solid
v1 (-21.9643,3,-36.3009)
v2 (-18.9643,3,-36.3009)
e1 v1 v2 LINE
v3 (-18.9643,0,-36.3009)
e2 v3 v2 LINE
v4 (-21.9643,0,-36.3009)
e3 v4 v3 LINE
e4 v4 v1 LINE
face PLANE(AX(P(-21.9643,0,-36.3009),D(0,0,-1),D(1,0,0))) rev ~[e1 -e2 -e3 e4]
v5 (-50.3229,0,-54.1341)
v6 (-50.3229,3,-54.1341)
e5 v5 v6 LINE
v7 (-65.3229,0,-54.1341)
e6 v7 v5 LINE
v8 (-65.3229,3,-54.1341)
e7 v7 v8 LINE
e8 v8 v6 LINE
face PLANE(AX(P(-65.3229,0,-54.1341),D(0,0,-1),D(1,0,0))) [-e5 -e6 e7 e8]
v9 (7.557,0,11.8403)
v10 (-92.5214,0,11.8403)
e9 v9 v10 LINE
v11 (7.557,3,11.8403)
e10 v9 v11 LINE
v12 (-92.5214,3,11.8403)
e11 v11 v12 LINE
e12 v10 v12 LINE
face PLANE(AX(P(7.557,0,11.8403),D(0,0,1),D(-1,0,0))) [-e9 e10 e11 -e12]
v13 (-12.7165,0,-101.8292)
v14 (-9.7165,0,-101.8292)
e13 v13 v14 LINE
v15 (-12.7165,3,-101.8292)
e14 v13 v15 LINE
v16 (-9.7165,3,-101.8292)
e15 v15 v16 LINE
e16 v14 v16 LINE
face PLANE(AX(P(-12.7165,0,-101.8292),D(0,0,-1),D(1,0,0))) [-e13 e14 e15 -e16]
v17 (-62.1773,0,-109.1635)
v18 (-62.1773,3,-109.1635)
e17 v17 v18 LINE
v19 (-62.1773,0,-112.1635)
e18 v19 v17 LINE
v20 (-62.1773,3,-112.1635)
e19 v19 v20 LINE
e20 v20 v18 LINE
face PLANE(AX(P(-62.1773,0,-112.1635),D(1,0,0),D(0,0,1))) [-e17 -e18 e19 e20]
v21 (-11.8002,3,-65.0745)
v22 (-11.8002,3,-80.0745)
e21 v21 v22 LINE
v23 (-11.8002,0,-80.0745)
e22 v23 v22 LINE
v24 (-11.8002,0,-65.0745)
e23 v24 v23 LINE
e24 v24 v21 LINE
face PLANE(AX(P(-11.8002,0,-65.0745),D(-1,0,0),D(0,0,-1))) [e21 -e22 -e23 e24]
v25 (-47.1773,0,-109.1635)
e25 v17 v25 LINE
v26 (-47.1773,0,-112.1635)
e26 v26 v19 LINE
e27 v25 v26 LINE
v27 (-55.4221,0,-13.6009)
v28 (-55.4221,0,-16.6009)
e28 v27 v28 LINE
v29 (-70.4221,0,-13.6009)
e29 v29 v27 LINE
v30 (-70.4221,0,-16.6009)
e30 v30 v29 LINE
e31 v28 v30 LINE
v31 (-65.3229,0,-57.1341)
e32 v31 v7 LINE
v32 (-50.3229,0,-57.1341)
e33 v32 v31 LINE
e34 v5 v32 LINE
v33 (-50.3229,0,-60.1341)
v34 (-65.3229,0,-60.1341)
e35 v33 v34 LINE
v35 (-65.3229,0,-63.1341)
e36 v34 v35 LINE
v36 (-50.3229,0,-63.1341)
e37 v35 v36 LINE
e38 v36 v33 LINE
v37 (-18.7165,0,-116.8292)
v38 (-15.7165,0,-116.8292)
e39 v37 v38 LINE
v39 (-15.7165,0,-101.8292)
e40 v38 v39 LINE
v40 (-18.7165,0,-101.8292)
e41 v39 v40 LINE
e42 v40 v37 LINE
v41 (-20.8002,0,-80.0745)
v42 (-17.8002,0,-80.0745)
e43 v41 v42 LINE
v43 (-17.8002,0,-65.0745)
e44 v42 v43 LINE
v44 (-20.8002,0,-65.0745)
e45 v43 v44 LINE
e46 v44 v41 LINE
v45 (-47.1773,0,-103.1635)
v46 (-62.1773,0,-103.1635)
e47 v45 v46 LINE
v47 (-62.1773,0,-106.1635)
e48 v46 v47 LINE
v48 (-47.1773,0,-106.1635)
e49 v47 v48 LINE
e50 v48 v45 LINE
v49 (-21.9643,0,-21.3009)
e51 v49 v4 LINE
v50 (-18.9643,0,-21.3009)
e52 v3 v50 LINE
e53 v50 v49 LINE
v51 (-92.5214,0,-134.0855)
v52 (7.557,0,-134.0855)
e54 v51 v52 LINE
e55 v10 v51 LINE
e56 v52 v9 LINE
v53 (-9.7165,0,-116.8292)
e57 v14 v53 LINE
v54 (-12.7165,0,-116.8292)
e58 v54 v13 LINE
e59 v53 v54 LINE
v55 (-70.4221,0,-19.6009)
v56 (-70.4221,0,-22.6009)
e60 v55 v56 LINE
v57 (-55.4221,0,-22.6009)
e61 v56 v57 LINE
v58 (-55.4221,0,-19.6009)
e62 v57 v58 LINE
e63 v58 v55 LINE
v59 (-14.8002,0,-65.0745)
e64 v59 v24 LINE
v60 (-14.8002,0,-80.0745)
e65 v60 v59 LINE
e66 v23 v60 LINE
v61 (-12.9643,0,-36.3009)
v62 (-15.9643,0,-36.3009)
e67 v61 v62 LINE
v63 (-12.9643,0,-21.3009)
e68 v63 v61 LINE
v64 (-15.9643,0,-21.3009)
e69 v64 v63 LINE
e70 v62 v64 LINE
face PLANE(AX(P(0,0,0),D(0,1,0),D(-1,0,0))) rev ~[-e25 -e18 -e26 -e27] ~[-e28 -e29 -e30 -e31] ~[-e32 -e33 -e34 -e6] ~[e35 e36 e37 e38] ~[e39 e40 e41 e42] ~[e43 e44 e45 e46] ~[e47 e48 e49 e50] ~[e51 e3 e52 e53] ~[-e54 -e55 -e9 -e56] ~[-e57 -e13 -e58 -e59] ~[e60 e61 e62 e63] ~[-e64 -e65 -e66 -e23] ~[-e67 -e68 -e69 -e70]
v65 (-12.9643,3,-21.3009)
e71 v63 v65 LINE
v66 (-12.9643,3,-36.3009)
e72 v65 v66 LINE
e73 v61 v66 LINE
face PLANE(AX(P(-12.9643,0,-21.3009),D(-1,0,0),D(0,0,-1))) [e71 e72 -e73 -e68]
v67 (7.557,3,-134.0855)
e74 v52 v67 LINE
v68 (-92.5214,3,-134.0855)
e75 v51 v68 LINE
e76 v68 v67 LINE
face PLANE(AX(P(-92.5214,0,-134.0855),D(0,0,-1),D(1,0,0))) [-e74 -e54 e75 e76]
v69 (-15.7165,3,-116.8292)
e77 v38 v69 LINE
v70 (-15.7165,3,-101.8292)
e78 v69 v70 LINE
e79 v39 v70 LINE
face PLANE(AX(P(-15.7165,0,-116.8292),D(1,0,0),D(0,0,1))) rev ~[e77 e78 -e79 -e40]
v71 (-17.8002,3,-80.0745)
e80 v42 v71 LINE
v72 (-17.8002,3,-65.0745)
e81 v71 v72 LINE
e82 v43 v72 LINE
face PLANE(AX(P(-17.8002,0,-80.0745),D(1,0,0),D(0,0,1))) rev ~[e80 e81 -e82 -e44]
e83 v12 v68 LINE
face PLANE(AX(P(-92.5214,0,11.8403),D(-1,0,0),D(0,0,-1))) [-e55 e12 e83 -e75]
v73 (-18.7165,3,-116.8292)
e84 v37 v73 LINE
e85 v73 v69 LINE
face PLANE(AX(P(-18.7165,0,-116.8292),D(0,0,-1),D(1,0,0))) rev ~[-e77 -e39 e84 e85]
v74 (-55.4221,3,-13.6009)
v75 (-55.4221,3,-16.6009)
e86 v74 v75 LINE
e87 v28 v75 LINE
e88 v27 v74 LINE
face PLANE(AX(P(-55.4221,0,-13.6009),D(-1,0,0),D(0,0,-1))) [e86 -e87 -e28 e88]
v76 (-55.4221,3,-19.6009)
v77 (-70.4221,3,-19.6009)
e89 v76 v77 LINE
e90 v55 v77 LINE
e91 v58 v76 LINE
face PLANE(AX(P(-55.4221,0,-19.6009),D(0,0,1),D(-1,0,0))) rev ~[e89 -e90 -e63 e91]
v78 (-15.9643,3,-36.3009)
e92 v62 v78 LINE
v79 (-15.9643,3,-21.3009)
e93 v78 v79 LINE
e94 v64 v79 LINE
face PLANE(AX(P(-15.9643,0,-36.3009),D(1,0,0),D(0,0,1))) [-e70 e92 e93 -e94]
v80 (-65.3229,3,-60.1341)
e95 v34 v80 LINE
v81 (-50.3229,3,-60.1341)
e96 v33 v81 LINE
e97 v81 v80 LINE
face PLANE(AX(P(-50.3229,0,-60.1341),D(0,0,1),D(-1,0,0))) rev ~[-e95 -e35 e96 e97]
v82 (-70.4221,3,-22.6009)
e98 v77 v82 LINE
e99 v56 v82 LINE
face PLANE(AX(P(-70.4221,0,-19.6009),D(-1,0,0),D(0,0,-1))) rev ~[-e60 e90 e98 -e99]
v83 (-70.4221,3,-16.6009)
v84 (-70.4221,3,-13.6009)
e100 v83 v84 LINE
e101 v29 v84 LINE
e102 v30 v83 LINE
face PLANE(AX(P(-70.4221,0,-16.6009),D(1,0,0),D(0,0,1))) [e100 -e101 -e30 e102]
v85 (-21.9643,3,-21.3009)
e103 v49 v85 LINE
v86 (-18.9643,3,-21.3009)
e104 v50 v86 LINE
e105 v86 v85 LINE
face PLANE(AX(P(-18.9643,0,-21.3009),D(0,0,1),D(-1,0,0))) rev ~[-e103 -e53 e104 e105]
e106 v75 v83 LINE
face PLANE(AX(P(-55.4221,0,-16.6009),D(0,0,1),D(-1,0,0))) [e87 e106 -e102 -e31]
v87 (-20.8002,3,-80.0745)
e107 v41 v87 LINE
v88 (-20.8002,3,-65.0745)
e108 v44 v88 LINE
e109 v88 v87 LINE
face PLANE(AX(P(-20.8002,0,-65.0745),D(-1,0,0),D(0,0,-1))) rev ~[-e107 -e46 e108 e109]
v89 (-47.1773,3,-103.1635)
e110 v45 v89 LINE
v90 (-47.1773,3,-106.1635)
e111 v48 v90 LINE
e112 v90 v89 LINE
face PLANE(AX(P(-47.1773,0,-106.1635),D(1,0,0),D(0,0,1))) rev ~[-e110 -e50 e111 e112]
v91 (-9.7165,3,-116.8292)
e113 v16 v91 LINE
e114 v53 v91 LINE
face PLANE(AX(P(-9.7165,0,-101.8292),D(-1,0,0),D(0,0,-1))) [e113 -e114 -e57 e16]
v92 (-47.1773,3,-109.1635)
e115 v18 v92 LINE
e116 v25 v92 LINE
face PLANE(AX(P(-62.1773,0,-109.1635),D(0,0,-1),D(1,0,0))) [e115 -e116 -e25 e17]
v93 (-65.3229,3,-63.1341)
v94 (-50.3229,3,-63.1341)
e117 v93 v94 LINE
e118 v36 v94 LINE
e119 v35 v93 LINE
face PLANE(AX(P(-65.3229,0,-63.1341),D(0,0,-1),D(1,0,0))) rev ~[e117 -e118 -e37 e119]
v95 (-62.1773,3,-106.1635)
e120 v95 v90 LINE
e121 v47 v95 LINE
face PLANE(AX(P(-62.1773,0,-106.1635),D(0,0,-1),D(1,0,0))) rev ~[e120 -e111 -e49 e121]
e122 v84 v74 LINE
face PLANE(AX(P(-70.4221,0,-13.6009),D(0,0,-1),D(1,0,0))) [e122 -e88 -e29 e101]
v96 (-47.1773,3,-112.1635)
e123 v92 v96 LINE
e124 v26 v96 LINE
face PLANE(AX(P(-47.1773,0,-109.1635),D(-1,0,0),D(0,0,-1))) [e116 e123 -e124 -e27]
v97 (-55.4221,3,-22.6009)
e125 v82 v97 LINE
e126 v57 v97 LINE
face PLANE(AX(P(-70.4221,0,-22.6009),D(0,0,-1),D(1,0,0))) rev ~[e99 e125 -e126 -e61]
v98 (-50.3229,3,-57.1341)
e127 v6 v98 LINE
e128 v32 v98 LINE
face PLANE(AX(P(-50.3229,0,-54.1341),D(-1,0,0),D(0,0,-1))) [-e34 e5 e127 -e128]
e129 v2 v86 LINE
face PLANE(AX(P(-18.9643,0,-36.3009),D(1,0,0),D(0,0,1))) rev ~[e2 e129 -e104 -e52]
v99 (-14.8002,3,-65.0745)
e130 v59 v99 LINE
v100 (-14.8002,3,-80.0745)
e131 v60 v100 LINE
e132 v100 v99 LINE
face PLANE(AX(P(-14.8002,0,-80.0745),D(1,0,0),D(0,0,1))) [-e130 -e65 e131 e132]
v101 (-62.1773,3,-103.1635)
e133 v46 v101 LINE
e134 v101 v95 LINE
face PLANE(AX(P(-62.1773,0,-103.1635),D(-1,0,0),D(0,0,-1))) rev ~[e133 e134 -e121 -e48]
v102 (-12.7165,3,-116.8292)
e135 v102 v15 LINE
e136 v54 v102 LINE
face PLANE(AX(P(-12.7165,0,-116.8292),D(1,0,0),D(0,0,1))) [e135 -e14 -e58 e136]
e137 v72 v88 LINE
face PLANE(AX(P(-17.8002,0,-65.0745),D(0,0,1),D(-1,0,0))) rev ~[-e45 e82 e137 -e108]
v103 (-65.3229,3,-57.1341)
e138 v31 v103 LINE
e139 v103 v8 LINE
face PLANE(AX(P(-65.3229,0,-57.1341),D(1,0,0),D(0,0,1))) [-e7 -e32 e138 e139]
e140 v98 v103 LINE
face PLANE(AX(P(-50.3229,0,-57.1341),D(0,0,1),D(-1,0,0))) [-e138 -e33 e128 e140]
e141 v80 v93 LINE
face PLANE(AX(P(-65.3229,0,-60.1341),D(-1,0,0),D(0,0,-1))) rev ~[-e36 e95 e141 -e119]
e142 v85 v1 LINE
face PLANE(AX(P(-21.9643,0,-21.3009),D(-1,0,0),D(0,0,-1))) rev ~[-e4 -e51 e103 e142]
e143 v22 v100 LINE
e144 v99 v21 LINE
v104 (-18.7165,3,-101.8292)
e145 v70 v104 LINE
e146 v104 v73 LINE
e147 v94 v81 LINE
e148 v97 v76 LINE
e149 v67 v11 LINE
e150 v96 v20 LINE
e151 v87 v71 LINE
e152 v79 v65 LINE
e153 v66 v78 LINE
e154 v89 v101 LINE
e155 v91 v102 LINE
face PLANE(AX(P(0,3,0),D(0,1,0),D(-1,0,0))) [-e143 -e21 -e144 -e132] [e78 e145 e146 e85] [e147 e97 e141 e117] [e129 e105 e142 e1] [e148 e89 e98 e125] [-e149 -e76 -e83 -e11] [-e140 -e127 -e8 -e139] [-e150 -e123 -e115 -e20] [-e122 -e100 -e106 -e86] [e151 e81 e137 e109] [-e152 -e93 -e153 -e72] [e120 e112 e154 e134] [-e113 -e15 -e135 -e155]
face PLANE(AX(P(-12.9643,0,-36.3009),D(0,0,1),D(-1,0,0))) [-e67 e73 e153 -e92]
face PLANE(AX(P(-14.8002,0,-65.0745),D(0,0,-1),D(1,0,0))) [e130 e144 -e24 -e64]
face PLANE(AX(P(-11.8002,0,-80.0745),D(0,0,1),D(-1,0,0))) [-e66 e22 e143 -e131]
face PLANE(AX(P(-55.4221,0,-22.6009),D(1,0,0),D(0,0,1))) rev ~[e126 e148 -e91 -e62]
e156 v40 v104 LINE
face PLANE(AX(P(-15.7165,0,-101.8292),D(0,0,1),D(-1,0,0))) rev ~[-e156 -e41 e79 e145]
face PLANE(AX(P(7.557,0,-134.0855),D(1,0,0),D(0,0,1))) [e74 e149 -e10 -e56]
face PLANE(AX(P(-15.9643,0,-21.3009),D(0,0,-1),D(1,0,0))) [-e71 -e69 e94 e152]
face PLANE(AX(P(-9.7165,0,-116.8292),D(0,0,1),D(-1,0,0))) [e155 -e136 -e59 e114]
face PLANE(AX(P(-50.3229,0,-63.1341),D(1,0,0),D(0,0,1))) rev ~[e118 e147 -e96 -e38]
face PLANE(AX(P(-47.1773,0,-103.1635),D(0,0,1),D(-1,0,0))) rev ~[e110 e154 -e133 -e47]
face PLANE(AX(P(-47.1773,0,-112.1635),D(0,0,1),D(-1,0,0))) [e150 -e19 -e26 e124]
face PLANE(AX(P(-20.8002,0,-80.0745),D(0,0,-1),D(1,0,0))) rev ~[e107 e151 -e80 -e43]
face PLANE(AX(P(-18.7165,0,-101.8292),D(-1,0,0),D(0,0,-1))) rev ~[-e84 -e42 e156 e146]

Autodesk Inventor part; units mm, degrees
ref_plane "YZ Plane" through (0, 0, 0) normal (1, 0, 0) x (0, 1, 0)
ref_plane "XZ Plane" through (0, 0, 0) normal (0, 1, 0) x (-1, 0, 0)
ref_plane "XY Plane" through (0, 0, 0) normal (0, 0, 1) x (1, 0, 0)
sketch "Sketch1" plane through (0, 0, 0) normal (0, 1, 0) x (-1, 0, 0)
  line L0 (-7.557, 11.8403) -> (92.5214, 11.8403)
  line L1 (92.5214, 11.8403) -> (92.5214, -134.0855)
  line L2 (92.5214, -134.0855) -> (-7.557, -134.0855)
  line L3 (-7.557, -134.0855) -> (-7.557, 11.8403)
  line L4 (17.8002, -65.0745) -> (20.8002, -65.0745)
  line L5 (20.8002, -65.0745) -> (20.8002, -80.0745)
  line L6 (20.8002, -80.0745) -> (17.8002, -80.0745)
  line L7 (17.8002, -80.0745) -> (17.8002, -65.0745)
  line L8 (14.8002, -65.0745) -> (11.8002, -65.0745)
  line L9 (11.8002, -65.0745) -> (11.8002, -80.0745)
  line L10 (11.8002, -80.0745) -> (14.8002, -80.0745)
  line L11 (14.8002, -80.0745) -> (14.8002, -65.0745)
  line L12 (12.7165, -101.8292) -> (9.7165, -101.8292)
  line L13 (9.7165, -101.8292) -> (9.7165, -116.8292)
  line L14 (9.7165, -116.8292) -> (12.7165, -116.8292)
  line L15 (12.7165, -116.8292) -> (12.7165, -101.8292)
  line L16 (15.7165, -101.8292) -> (18.7165, -101.8292)
  line L17 (18.7165, -101.8292) -> (18.7165, -116.8292)
  line L18 (18.7165, -116.8292) -> (15.7165, -116.8292)
  line L19 (15.7165, -116.8292) -> (15.7165, -101.8292)
  line L20 (18.9643, -21.3009) -> (21.9643, -21.3009)
  line L21 (21.9643, -21.3009) -> (21.9643, -36.3009)
  line L22 (21.9643, -36.3009) -> (18.9643, -36.3009)
  line L23 (18.9643, -36.3009) -> (18.9643, -21.3009)
  line L24 (15.9643, -21.3009) -> (12.9643, -21.3009)
  line L25 (12.9643, -21.3009) -> (12.9643, -36.3009)
  line L26 (12.9643, -36.3009) -> (15.9643, -36.3009)
  line L27 (15.9643, -36.3009) -> (15.9643, -21.3009)
  line L28 (70.4221, -13.6009) -> (55.4221, -13.6009)
  line L29 (55.4221, -13.6009) -> (55.4221, -16.6009)
  line L30 (55.4221, -16.6009) -> (70.4221, -16.6009)
  line L31 (70.4221, -16.6009) -> (70.4221, -13.6009)
  line L32 (55.4221, -19.6009) -> (70.4221, -19.6009)
  line L33 (70.4221, -19.6009) -> (70.4221, -22.6009)
  line L34 (70.4221, -22.6009) -> (55.4221, -22.6009)
  line L35 (55.4221, -22.6009) -> (55.4221, -19.6009)
  line L36 (65.3229, -54.1341) -> (50.3229, -54.1341)
  line L37 (50.3229, -54.1341) -> (50.3229, -57.1341)
  line L38 (50.3229, -57.1341) -> (65.3229, -57.1341)
  line L39 (65.3229, -57.1341) -> (65.3229, -54.1341)
  line L40 (50.3229, -60.1341) -> (65.3229, -60.1341)
  line L41 (65.3229, -60.1341) -> (65.3229, -63.1341)
  line L42 (65.3229, -63.1341) -> (50.3229, -63.1341)
  line L43 (50.3229, -63.1341) -> (50.3229, -60.1341)
  line L44 (47.1773, -103.1635) -> (62.1773, -103.1635)
  line L45 (62.1773, -103.1635) -> (62.1773, -106.1635)
  line L46 (62.1773, -106.1635) -> (47.1773, -106.1635)
  line L47 (47.1773, -106.1635) -> (47.1773, -103.1635)
  line L48 (62.1773, -109.1635) -> (47.1773, -109.1635)
  line L49 (47.1773, -109.1635) -> (47.1773, -112.1635)
  line L50 (47.1773, -112.1635) -> (62.1773, -112.1635)
  line L51 (62.1773, -112.1635) -> (62.1773, -109.1635)
  point P0 (0, 0)
extrude "Extrusion1" add sketch "Sketch1" along normal blind 3
properties part number "Bottom"
